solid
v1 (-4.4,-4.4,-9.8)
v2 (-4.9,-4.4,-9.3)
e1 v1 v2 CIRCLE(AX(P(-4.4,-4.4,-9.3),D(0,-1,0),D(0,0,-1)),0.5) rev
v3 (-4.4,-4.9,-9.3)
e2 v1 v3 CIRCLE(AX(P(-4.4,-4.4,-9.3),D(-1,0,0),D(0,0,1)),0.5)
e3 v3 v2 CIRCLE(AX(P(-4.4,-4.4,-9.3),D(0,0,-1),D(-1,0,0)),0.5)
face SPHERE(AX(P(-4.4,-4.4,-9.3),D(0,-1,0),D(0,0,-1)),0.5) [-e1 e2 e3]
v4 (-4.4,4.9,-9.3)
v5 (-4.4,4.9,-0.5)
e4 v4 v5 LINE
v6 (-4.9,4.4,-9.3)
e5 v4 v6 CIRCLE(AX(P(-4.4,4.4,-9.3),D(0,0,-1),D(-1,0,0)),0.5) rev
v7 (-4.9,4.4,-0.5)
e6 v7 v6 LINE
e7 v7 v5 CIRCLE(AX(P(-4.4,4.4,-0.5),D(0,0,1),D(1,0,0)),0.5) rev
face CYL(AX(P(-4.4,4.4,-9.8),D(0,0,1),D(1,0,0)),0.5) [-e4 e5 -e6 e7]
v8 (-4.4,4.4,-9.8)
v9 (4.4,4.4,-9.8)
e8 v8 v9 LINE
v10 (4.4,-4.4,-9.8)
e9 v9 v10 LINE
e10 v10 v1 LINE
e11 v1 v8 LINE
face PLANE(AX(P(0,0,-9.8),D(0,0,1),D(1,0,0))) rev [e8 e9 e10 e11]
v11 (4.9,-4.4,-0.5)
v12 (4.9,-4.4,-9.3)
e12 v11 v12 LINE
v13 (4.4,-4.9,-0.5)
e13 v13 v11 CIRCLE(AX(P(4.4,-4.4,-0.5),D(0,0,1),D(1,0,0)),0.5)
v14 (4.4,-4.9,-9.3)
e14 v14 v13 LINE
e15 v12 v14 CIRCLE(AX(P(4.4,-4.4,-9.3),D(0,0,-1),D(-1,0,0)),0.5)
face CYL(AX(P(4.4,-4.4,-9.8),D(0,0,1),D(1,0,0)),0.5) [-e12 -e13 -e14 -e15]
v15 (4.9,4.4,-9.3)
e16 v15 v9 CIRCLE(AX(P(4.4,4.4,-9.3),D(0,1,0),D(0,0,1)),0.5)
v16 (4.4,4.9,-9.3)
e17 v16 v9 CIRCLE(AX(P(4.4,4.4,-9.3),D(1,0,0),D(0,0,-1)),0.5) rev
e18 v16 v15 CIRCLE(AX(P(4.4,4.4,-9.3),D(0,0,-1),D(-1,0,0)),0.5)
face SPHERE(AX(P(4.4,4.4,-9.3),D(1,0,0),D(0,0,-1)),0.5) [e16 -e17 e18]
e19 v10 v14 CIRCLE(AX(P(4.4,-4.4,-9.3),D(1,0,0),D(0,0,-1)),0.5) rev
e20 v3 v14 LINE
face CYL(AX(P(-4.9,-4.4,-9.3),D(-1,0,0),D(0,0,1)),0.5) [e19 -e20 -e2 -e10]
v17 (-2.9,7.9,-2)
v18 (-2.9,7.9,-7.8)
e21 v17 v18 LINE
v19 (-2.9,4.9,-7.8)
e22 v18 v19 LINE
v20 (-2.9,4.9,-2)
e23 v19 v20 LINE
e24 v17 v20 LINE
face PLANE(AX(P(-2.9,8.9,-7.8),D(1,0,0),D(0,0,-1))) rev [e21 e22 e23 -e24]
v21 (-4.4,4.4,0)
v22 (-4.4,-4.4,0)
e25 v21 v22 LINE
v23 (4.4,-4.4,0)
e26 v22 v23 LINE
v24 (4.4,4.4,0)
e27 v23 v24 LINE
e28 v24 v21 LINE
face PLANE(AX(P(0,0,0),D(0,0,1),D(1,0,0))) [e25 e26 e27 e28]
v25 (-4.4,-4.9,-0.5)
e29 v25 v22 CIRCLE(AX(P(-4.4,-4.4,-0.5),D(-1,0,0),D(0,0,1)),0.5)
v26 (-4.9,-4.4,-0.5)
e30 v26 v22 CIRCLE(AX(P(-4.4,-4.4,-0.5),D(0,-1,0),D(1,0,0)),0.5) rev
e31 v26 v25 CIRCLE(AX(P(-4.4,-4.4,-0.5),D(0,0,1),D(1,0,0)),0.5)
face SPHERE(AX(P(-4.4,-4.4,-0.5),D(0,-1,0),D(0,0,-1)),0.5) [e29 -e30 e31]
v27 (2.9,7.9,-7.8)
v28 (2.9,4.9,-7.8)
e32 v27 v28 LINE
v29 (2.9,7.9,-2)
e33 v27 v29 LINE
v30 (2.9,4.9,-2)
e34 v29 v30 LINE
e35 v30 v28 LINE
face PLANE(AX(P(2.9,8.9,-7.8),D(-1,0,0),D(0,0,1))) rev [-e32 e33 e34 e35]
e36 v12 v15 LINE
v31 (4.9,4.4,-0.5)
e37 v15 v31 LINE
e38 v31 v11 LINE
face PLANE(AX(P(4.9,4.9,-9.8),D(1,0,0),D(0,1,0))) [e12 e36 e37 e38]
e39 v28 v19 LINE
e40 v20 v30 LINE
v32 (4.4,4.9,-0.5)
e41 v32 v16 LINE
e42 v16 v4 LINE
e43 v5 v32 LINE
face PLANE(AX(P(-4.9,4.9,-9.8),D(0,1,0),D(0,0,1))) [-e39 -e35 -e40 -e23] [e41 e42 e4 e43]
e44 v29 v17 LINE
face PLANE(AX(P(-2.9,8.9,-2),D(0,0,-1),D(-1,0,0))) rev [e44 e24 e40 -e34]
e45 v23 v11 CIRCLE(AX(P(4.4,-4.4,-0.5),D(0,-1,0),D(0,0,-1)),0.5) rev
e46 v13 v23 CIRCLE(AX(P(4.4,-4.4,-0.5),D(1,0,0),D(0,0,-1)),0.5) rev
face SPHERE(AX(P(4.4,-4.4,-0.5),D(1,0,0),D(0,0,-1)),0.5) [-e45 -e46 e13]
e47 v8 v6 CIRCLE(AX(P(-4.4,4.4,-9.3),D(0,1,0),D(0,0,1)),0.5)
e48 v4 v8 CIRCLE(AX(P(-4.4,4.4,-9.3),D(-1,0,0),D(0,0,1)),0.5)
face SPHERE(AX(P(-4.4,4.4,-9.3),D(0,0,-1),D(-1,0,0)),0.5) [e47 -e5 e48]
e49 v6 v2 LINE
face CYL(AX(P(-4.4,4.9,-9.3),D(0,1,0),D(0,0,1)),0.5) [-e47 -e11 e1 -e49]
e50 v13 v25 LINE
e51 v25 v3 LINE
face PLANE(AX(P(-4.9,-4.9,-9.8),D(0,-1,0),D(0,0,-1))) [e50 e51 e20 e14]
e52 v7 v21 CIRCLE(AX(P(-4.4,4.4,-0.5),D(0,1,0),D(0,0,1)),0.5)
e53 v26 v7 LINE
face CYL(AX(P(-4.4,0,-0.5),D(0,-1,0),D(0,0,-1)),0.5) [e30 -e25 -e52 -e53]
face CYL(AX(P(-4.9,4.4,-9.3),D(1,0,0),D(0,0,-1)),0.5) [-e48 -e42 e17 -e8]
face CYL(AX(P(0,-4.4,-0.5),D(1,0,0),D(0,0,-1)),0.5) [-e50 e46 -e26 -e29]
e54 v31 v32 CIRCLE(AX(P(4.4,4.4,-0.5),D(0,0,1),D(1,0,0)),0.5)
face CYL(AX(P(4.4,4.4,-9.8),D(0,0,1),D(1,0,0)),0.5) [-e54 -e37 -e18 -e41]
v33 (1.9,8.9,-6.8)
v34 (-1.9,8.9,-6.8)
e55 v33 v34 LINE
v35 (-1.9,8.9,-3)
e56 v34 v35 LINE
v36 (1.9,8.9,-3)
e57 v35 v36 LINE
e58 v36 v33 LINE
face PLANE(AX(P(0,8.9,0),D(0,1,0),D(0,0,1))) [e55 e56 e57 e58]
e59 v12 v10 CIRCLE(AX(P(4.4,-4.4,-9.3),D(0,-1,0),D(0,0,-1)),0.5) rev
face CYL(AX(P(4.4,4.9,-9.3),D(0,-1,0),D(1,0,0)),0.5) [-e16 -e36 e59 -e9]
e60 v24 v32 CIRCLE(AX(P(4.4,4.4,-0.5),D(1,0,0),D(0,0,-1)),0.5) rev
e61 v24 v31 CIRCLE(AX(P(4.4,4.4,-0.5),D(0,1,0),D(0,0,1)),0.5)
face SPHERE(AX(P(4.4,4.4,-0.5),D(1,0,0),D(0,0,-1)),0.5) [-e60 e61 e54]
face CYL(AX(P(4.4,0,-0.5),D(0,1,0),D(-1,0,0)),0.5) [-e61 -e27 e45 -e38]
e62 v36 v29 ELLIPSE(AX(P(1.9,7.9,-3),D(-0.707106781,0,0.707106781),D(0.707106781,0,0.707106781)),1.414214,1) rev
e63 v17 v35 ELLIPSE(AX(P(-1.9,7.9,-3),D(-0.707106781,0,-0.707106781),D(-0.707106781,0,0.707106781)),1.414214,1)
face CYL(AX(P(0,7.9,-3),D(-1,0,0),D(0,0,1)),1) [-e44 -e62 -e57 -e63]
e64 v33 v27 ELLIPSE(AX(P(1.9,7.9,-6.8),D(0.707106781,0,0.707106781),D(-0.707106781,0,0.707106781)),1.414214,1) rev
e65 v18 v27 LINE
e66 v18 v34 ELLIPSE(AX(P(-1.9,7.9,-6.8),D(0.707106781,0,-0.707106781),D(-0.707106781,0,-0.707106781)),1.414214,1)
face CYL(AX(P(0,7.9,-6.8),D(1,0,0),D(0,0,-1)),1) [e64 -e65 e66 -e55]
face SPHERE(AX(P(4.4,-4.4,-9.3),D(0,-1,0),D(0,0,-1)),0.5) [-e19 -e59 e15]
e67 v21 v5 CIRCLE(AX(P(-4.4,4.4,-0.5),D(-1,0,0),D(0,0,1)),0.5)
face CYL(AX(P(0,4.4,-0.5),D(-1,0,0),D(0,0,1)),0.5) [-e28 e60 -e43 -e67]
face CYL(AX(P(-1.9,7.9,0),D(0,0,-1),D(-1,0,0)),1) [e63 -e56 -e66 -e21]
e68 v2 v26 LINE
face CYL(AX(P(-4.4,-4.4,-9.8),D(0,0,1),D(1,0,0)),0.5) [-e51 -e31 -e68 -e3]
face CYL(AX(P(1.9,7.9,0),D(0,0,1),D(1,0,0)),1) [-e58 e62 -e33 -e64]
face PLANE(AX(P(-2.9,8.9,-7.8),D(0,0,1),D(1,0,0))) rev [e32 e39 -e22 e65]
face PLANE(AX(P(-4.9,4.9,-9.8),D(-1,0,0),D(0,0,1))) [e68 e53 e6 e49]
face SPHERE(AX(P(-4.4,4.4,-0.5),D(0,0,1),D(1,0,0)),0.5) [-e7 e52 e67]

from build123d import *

# Parameters (mm, degrees)
SKETCH2_W           = 9.8
SKETCH2_H           = 9.8
BOSS_EXTRUDE1_DEPTH = 9.8
SKETCH3_W           = 5.8
SKETCH3_H           = 5.8
BOSS_EXTRUDE2_DEPTH = 4
FILLET3_R           = 1
FILLET4_R           = 0.5


with BuildPart() as part:
    # Sketch2 → Boss-Extrude1 (new body)
    with BuildSketch(Plane.XY):
        Rectangle(SKETCH2_W, SKETCH2_H)
    extrude(amount=-BOSS_EXTRUDE1_DEPTH)

    # Sketch3 → Boss-Extrude2 (add)
    with BuildSketch(Plane(origin=(0, 4.9, 0), x_dir=(1, 0, 0), z_dir=(0, 1, 0))):
        with Locations((0, 4.9)):
            Rectangle(SKETCH3_W, SKETCH3_H)
    extrude(amount=BOSS_EXTRUDE2_DEPTH)

    # Fillet3
    fillet3_edges = [part.edges().sort_by_distance(p)[0] for p in [
        (2.9, 8.9, -4.9),
        (0, 8.9, -7.8),
        (-2.9, 8.9, -4.9),
        (0, 8.9, -2),
    ]]
    fillet(fillet3_edges, radius=FILLET3_R)

    # Fillet4
    fillet4_edges = [part.edges().sort_by_distance(p)[0] for p in [
        (-4.9, 0, -9.8),
        (0, -4.9, -9.8),
        (4.9, 0, -9.8),
        (0, -4.9, 0),
        (-4.9, 0, 0),
        (0, 4.9, 0),
        (4.9, 0, 0),
        (4.9, -4.9, -4.9),
        (-4.9, -4.9, -4.9),
        (-4.9, 4.9, -4.9),
        (4.9, 4.9, -4.9),
        (0, 4.9, -9.8),
    ]]
    fillet(fillet4_edges, radius=FILLET4_R)


solid = part.part
